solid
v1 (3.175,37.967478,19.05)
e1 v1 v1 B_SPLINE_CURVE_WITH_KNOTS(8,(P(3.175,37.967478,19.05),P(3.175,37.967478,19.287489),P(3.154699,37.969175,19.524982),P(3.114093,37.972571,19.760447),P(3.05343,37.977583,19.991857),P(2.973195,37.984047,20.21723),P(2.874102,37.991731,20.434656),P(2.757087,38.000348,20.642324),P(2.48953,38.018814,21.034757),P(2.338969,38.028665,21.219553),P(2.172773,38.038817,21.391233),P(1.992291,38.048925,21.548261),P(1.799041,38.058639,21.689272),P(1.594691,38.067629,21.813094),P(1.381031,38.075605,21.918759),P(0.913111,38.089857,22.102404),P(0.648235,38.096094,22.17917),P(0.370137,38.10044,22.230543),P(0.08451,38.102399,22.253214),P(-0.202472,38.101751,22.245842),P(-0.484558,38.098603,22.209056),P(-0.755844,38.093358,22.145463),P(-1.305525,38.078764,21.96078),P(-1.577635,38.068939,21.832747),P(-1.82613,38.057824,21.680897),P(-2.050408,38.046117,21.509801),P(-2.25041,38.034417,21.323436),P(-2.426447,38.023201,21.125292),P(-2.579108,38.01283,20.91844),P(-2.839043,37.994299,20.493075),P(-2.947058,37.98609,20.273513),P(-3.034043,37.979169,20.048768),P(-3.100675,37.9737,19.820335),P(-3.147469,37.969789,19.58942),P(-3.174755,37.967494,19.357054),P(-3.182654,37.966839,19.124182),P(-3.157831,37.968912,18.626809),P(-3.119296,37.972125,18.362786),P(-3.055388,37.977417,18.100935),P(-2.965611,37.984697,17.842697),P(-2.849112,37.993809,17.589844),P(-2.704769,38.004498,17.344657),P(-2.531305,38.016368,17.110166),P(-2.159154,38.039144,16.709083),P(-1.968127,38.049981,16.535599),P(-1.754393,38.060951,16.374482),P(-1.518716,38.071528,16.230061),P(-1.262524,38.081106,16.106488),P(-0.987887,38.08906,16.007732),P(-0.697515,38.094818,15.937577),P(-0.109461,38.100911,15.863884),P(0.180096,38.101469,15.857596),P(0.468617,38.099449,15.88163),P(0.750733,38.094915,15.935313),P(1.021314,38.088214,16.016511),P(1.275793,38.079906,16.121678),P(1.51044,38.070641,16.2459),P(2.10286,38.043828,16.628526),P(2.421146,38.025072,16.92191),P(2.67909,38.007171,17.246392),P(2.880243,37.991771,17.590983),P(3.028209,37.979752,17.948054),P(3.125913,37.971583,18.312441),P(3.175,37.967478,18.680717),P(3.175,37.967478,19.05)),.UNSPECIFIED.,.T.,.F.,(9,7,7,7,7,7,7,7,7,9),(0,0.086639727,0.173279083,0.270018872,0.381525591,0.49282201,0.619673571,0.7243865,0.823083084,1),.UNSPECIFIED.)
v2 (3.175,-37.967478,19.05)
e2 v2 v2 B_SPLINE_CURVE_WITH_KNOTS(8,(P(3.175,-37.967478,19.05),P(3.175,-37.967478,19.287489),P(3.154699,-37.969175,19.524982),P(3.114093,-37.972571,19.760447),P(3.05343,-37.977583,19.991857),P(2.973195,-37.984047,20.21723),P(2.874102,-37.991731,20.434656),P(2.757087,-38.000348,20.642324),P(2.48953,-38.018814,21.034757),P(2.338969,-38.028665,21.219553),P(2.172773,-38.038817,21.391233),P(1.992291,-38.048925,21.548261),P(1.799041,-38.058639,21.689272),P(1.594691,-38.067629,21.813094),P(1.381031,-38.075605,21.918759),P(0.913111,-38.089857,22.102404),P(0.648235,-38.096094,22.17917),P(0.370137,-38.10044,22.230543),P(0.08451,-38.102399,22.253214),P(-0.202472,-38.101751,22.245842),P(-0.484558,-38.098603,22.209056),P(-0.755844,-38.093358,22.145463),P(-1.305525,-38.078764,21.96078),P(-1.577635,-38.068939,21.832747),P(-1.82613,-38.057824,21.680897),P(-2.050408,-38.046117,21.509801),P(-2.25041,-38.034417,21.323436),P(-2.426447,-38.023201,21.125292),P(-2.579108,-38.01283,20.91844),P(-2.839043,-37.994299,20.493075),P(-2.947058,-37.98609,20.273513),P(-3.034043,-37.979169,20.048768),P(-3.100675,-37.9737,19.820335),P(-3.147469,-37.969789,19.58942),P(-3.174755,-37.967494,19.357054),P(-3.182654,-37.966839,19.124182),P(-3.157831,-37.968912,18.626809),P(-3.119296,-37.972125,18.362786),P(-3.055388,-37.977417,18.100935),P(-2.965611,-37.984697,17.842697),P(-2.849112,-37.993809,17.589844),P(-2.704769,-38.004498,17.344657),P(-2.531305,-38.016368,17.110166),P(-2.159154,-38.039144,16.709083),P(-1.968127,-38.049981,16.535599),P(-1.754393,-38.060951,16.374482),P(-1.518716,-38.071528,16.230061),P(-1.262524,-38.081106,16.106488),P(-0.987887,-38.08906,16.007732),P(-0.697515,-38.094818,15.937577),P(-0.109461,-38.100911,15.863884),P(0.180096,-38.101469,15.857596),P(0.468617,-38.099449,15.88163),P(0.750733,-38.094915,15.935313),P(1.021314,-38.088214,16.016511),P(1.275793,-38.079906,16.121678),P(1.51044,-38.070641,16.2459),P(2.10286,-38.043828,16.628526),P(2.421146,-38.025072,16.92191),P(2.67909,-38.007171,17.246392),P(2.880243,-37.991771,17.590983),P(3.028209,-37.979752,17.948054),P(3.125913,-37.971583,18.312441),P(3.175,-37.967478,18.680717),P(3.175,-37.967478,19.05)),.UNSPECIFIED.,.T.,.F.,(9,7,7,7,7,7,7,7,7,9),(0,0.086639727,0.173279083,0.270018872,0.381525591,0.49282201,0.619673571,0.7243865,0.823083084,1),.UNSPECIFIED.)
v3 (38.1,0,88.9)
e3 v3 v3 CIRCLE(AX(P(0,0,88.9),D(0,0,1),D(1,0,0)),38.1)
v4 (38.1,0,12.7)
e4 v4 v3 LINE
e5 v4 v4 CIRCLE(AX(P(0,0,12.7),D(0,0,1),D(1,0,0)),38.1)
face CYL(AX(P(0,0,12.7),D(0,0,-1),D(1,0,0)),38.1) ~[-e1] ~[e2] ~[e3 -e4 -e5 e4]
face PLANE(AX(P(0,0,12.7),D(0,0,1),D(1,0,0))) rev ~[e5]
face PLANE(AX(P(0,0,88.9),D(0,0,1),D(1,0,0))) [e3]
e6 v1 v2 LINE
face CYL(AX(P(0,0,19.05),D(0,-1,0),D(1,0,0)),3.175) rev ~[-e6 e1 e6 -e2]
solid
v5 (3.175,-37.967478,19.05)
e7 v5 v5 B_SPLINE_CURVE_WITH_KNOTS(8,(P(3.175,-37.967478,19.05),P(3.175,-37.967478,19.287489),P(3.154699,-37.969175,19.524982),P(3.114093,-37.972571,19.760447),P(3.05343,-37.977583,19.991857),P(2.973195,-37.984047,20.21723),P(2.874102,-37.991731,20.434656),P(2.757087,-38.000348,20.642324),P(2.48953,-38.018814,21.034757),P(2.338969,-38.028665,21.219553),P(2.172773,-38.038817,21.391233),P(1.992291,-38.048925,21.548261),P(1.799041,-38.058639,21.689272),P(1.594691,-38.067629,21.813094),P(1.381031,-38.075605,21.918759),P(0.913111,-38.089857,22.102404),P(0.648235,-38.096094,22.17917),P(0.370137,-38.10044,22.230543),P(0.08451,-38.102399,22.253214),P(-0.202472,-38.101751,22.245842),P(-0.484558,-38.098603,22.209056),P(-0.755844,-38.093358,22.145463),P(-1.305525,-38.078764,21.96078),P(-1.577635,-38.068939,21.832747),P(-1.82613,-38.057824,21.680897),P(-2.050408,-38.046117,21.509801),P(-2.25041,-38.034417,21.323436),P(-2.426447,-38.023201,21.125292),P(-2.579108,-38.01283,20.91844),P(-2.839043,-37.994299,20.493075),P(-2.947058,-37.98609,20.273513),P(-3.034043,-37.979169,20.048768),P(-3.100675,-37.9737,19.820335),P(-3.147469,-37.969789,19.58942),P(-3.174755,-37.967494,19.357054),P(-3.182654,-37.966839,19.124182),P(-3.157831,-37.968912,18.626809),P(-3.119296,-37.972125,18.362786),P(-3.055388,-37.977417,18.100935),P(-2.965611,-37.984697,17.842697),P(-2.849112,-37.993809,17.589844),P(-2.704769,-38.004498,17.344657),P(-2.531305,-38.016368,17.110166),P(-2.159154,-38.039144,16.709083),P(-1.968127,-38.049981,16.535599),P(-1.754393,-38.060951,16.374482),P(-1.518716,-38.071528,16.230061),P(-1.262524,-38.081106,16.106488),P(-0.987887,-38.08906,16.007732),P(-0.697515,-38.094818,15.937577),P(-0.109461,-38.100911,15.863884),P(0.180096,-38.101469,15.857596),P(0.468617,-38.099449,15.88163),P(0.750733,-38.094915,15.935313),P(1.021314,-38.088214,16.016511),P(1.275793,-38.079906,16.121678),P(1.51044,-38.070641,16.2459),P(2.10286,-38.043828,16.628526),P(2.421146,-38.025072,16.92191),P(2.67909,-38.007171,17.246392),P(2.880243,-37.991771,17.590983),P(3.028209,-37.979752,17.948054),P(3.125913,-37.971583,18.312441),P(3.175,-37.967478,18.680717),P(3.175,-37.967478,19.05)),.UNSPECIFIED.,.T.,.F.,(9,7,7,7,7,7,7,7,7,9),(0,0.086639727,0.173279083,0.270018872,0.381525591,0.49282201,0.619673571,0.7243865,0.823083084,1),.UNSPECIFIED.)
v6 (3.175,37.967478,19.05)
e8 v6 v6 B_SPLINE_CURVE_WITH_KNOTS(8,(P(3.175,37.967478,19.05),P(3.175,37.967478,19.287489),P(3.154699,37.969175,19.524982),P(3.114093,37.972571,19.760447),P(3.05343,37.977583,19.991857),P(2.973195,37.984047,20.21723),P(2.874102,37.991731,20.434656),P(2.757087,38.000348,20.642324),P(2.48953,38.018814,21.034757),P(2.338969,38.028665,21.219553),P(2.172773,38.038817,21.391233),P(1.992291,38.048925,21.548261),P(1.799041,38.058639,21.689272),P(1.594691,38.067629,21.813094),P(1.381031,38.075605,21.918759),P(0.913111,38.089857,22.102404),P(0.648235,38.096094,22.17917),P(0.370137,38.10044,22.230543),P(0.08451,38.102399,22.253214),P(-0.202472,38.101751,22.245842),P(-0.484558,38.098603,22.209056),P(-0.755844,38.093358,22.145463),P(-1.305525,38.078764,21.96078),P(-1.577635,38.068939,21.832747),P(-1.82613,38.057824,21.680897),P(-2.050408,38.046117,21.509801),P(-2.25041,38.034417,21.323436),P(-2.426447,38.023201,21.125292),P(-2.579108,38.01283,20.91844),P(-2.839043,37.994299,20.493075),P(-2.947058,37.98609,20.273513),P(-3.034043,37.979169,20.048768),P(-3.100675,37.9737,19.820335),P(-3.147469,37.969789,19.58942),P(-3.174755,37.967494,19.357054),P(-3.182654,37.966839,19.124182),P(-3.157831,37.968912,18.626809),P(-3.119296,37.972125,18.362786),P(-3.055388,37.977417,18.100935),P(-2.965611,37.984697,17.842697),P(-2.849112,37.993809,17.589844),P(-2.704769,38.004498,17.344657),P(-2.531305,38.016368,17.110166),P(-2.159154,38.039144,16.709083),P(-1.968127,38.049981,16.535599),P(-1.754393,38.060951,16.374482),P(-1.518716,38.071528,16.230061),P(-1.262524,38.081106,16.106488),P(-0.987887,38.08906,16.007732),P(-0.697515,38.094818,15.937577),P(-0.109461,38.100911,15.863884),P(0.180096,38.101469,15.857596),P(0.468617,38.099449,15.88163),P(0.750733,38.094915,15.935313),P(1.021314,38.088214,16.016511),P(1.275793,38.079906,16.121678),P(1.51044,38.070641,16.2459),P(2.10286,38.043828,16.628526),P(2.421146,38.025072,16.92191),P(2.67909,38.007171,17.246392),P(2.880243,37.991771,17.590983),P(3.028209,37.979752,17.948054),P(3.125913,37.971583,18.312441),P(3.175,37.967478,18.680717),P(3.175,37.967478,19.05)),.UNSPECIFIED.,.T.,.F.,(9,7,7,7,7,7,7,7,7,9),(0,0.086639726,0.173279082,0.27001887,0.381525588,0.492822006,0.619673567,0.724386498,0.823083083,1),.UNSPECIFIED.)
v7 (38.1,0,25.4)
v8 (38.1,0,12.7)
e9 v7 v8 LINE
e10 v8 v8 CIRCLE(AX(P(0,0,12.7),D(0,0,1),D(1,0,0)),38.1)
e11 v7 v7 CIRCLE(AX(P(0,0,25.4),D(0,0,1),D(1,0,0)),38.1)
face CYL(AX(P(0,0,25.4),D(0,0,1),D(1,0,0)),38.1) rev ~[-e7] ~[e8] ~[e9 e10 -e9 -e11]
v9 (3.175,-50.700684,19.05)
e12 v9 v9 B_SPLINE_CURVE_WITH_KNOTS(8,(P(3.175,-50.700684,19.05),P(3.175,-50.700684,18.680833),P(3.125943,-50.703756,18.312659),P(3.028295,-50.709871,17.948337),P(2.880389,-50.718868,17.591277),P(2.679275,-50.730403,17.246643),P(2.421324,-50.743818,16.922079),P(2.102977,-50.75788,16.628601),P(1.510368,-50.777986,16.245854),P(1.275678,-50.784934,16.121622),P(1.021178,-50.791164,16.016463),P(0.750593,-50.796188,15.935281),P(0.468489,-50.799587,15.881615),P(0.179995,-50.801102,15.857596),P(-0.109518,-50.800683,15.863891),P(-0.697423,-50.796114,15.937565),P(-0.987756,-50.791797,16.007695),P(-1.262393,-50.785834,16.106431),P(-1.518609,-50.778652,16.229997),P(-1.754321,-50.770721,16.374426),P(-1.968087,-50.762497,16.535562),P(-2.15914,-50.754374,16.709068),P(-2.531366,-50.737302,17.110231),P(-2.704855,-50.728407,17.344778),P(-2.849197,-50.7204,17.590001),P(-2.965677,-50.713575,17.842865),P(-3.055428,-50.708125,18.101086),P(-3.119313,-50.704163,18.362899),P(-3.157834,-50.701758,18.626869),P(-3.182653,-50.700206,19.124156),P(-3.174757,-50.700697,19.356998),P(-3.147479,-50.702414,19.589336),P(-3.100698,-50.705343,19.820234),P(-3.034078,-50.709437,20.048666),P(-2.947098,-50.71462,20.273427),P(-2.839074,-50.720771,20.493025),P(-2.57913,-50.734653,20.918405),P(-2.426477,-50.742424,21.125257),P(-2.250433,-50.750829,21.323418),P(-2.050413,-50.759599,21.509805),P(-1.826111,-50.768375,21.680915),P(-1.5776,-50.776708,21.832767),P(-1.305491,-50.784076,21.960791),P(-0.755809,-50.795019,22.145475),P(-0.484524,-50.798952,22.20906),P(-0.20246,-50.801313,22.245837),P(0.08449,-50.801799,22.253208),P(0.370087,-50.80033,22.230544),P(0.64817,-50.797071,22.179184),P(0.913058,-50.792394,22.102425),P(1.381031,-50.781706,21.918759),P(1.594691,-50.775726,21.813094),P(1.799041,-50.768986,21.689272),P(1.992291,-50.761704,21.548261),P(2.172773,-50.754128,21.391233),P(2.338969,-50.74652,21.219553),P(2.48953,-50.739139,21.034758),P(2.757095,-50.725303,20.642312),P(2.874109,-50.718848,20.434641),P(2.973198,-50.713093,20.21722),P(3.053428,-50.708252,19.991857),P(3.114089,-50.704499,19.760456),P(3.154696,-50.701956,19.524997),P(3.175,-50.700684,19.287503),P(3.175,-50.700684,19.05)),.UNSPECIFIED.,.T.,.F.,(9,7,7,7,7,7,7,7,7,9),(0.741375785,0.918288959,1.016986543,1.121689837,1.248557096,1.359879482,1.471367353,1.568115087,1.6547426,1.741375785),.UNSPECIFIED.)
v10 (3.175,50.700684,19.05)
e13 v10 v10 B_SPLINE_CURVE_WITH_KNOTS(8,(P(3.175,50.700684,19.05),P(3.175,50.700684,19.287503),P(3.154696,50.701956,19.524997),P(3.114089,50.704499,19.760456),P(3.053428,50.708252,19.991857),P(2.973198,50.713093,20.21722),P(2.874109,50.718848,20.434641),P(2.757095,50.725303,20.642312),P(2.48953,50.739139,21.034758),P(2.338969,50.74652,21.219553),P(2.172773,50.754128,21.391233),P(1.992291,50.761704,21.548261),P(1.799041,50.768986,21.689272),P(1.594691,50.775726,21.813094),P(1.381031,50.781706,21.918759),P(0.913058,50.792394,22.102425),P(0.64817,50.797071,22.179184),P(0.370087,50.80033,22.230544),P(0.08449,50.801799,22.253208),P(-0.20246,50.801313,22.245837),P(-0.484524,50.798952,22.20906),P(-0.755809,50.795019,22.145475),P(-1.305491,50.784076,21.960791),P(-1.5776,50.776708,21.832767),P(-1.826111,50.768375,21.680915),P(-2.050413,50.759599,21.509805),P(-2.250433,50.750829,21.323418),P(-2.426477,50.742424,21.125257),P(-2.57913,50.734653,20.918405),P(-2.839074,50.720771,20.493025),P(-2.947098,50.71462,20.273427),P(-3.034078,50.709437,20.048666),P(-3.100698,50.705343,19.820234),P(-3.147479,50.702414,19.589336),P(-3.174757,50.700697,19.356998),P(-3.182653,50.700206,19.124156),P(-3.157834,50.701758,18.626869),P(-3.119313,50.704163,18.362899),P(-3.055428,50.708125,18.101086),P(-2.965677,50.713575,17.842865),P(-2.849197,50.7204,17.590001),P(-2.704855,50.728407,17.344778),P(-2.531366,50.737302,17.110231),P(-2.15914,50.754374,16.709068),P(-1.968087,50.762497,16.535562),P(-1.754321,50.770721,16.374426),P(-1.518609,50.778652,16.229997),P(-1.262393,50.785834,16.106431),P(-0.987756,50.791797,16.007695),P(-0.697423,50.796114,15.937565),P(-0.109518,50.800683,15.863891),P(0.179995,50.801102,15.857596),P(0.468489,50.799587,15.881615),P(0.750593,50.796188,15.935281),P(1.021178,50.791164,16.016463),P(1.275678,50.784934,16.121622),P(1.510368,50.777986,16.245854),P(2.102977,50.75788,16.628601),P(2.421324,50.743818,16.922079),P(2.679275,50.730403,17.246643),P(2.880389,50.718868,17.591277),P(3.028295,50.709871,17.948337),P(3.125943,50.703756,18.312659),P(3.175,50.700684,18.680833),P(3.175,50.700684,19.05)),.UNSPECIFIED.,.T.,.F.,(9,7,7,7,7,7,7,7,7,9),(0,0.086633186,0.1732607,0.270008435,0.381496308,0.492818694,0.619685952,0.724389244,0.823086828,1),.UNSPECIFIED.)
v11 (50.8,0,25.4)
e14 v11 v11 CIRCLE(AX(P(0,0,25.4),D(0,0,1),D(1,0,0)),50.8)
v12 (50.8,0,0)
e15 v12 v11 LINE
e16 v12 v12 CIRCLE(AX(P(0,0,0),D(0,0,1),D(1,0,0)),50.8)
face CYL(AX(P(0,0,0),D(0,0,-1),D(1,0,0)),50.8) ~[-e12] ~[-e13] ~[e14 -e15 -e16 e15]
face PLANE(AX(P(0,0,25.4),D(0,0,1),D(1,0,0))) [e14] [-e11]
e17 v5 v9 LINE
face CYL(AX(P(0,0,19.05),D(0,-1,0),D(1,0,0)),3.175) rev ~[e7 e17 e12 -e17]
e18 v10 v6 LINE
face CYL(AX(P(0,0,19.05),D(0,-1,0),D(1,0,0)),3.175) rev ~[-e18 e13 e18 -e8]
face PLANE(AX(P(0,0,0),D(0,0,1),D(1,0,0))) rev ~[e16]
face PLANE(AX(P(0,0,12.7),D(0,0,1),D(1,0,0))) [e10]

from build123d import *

# Parameters (mm, degrees)
F0_R     = 50.8
F1_DEPTH = 25.4
F2_R     = 38.1
F3_DEPTH = 12.7
F5_R     = 38.1
F6_DEPTH = 76.2
F4_R     = 3.175
F7_DEPTH = 50.8


with BuildPart() as f1:
    # F0 (on Top) → F1 (new body)
    with BuildSketch(Plane.XY):
        Circle(F0_R)
    extrude(amount=F1_DEPTH)

    # F2 (on face) → F3 (cut)
    with BuildSketch(Plane.XY.offset(25.4)):
        Circle(F2_R)
    extrude(amount=-F3_DEPTH, mode=Mode.SUBTRACT)


with BuildPart() as f6:
    # F5 (on face) → F6 (new body)
    with BuildSketch(Plane.XY.offset(12.7)):
        Circle(F5_R)
    extrude(amount=F6_DEPTH)


with BuildPart() as f7_tool:
    # F4 (on Front) → F7 (new body, symmetric)
    with BuildSketch(Plane.XZ):
        with Locations((0, 19.05)):
            Circle(F4_R)
    extrude(amount=F7_DEPTH, both=True)


with BuildPart() as f1_1:
    add(f1.part)

    # F7: cut by f7_tool
    add(f7_tool.part, mode=Mode.SUBTRACT)


with BuildPart() as f6_1:
    add(f6.part)

    # F7: cut by f7_tool
    add(f7_tool.part, mode=Mode.SUBTRACT)


solid = Compound([f1_1.part, f6_1.part])
